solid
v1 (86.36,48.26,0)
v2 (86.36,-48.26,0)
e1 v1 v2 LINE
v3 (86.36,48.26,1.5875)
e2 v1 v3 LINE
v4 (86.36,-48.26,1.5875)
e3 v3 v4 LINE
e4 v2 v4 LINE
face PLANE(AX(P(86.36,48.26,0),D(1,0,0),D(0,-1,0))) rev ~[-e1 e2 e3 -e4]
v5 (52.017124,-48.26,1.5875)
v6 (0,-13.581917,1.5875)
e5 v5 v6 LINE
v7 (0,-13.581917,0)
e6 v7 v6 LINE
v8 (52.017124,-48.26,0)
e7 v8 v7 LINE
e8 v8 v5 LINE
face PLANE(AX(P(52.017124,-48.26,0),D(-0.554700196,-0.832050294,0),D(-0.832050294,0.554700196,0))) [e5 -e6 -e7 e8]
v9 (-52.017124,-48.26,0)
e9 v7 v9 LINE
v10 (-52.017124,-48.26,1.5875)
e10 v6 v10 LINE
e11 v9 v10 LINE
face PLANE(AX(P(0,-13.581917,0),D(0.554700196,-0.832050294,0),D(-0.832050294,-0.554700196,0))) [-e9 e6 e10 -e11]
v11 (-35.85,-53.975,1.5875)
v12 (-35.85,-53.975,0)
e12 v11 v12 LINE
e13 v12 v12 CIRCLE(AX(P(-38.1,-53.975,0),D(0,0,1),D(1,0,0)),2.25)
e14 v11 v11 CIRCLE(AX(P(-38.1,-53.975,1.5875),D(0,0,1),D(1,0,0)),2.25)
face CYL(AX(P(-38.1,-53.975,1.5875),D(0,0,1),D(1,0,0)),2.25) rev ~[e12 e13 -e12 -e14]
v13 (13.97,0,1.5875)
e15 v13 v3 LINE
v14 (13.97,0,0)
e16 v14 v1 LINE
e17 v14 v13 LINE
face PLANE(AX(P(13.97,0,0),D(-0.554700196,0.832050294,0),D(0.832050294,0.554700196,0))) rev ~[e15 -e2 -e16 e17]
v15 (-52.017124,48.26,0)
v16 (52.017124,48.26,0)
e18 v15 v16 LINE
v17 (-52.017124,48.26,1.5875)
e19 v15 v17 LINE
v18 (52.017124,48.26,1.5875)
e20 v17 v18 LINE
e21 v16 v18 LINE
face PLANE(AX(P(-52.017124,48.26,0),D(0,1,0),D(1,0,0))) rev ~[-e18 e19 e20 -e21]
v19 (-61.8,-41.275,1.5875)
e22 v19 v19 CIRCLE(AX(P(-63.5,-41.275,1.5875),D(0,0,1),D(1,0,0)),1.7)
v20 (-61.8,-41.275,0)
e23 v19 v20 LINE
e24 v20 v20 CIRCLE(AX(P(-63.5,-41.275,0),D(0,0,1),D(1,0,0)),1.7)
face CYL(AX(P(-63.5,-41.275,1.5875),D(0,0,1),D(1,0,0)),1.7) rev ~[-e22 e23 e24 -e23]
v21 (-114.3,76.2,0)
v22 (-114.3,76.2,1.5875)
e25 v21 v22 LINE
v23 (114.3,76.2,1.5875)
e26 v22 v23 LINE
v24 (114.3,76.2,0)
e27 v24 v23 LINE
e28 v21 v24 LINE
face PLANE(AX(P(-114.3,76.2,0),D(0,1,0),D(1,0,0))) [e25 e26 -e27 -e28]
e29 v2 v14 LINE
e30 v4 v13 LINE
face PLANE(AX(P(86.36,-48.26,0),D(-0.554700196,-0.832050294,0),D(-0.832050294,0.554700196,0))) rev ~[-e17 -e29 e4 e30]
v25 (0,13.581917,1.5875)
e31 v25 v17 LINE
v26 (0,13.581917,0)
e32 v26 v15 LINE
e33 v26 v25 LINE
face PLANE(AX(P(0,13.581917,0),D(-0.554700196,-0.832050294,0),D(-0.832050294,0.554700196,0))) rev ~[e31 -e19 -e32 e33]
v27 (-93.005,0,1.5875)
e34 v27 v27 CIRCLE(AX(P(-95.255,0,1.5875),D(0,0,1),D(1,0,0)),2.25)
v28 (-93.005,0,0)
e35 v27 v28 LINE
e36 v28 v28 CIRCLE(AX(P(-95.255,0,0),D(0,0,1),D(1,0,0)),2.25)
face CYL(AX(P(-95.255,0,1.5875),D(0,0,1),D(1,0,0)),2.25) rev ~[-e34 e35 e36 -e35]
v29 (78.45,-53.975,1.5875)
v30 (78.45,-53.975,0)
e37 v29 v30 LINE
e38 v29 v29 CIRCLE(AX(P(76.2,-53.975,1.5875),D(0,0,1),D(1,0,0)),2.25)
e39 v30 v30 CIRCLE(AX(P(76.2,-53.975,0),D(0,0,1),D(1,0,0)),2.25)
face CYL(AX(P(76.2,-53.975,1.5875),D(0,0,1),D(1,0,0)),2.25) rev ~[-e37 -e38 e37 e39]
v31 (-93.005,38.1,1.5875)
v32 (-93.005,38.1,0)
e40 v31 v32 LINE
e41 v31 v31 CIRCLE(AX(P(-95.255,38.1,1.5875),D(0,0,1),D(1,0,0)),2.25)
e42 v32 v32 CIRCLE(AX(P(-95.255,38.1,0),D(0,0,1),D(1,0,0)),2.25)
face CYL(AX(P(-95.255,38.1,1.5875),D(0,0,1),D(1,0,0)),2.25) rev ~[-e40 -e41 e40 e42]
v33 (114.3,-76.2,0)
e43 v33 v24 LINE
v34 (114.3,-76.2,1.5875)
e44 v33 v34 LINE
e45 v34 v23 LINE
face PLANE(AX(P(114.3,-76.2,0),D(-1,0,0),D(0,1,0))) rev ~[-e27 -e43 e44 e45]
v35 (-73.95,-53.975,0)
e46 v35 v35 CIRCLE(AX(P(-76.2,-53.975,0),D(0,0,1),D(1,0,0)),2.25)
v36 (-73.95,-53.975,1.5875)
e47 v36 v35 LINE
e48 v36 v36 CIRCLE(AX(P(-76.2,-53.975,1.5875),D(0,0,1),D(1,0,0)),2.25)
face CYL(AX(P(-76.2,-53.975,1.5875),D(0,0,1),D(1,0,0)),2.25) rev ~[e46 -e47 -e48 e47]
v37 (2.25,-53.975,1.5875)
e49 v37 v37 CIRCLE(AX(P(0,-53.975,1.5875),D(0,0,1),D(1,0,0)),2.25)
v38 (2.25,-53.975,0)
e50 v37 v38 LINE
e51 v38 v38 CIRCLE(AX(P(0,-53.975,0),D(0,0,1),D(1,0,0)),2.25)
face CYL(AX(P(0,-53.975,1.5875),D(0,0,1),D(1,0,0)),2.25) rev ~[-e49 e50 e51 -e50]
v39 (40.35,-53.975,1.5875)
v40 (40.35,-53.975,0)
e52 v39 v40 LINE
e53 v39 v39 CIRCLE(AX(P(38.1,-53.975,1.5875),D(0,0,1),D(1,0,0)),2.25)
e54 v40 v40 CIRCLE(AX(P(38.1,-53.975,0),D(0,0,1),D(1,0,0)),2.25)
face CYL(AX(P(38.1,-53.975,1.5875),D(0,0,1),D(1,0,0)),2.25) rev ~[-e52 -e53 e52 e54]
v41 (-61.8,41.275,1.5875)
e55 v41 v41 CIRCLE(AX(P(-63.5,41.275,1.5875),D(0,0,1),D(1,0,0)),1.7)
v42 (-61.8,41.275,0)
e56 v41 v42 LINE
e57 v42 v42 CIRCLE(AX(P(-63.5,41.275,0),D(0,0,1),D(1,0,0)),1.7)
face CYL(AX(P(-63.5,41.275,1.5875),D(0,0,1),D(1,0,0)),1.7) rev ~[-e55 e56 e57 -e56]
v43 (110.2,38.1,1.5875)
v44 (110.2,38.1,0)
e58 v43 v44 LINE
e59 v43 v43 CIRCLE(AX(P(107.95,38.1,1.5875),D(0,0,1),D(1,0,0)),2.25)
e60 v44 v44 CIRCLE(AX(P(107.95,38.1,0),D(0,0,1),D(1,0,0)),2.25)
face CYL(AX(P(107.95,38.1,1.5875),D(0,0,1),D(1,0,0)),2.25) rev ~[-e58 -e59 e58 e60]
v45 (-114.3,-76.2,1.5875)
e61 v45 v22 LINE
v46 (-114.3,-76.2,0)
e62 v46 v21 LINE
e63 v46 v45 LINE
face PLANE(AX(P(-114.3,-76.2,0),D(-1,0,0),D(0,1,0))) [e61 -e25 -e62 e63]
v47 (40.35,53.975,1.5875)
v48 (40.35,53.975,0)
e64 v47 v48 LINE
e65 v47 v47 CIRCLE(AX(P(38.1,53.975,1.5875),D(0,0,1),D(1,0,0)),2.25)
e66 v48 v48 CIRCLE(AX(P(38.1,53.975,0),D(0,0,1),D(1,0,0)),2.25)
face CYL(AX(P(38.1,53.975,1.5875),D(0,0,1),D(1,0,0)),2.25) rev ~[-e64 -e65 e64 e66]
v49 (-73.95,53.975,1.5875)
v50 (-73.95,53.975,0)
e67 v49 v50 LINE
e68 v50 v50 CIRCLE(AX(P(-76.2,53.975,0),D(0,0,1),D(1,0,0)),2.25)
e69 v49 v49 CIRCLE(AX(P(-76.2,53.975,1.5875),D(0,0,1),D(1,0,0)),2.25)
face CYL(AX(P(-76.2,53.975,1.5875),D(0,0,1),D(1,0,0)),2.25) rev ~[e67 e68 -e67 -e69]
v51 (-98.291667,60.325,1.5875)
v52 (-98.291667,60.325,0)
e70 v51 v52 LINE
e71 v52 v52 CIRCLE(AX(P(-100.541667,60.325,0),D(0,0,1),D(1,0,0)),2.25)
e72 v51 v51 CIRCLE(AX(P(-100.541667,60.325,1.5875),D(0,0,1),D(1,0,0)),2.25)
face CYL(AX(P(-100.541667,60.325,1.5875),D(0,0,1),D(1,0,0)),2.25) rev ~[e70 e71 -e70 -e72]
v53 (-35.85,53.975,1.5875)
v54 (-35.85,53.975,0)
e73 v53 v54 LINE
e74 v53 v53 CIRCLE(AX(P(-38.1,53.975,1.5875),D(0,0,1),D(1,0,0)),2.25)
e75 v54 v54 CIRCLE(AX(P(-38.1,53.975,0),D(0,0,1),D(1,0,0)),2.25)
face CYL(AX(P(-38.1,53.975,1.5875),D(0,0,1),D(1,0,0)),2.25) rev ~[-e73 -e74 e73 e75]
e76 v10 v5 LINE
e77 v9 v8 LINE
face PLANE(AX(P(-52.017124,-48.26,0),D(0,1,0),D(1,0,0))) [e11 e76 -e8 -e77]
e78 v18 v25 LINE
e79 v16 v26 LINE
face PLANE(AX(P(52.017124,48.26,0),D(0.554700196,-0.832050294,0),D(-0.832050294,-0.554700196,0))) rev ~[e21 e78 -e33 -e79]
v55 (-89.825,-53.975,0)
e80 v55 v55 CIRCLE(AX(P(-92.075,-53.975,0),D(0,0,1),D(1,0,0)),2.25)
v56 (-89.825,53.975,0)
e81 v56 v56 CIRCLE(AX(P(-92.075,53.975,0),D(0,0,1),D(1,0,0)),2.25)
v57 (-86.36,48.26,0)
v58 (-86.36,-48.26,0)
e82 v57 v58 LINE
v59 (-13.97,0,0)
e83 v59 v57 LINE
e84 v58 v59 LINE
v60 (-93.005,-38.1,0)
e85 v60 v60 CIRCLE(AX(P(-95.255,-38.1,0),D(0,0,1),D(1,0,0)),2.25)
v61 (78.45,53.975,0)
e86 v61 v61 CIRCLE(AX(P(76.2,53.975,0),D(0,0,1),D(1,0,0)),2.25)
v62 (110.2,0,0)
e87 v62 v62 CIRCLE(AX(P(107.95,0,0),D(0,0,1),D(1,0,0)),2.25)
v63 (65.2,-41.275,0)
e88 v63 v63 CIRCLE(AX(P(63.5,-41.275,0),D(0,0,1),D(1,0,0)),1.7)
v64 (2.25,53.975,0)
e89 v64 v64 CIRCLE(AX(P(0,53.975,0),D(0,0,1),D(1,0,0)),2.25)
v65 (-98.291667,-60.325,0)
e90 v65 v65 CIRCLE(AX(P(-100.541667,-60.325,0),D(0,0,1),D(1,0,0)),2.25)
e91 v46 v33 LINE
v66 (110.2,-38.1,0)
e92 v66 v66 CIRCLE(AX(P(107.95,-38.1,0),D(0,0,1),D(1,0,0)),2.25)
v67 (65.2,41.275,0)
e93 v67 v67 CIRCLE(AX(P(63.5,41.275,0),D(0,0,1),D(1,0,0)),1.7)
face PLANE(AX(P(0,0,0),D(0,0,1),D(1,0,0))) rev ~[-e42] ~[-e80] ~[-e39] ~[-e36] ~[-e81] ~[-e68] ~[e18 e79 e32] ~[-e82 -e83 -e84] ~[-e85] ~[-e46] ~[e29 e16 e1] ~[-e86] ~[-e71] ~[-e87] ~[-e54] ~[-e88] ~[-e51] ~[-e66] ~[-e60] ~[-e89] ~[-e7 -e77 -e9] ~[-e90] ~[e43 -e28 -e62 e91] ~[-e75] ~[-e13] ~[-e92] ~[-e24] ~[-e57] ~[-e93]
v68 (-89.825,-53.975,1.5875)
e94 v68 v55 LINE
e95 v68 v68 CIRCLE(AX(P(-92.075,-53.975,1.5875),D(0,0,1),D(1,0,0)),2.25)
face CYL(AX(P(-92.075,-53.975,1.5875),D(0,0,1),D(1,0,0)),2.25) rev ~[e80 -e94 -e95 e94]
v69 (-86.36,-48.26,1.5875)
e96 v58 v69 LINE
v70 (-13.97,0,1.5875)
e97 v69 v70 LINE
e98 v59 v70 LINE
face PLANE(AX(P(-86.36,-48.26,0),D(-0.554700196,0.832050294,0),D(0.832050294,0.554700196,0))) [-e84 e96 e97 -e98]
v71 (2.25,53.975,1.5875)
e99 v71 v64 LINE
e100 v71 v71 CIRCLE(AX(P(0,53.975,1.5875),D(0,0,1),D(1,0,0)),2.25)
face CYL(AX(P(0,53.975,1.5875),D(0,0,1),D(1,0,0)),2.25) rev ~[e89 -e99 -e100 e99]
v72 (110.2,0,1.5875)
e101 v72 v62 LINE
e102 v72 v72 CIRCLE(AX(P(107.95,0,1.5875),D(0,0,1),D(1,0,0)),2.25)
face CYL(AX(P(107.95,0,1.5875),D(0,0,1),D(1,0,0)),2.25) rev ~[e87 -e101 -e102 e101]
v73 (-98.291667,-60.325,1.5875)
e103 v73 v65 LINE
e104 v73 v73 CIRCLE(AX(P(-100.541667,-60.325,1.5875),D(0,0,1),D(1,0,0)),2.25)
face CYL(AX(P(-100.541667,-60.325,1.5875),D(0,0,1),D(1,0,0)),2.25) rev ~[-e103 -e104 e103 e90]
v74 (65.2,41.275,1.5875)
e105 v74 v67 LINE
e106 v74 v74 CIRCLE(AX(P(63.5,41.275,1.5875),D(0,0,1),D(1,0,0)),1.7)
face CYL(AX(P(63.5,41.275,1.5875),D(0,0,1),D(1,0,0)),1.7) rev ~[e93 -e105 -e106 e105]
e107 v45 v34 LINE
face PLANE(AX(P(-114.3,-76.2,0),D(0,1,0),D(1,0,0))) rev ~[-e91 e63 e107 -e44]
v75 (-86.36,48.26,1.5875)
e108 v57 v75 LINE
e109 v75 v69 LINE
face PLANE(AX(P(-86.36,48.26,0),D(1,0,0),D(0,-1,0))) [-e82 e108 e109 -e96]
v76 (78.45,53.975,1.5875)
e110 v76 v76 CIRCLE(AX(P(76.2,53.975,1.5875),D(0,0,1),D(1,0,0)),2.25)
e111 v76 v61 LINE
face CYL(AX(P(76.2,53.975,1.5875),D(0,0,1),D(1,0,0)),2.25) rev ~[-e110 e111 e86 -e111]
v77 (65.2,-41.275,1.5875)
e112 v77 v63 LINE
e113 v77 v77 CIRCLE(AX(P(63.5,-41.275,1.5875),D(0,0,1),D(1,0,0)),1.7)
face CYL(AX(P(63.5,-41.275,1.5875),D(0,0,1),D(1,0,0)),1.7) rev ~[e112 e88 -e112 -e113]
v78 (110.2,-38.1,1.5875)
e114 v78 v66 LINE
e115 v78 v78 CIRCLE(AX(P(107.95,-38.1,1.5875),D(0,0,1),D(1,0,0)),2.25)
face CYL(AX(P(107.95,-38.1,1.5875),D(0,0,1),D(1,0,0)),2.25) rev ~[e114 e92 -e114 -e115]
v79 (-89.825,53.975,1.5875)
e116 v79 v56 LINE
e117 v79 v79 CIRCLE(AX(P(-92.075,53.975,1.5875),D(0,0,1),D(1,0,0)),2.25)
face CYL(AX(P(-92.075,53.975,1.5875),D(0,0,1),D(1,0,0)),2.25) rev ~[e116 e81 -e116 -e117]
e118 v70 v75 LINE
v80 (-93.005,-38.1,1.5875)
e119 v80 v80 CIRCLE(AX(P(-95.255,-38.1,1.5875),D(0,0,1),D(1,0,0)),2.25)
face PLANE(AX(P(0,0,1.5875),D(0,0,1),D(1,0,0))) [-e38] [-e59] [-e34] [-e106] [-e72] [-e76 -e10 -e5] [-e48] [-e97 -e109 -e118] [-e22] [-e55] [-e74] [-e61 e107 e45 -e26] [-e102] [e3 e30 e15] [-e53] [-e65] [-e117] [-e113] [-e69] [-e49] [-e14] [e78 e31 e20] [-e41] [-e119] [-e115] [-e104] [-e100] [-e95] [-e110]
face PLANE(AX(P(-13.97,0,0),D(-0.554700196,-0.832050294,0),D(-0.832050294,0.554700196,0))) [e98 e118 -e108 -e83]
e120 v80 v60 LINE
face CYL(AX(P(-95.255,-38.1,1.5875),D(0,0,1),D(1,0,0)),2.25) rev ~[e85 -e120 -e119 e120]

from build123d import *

# Parameters (mm, degrees)
SKETCH1_W           = 228.6
SKETCH1_H           = 152.4
BOSS_EXTRUDE1_DEPTH = 1.5875
SKETCH2_R           = 2.25
CUT_EXTRUDE1_DEPTH  = 2.5875
SKETCH3_R           = 1.7
CUT_EXTRUDE2_DEPTH  = 2.5875


with BuildPart() as part:
    # Sketch1 → Boss-Extrude1 (new body)
    with BuildSketch(Plane.XY):
        Rectangle(SKETCH1_W, SKETCH1_H)
        Polygon((-52.017124101, 48.26), (52.017124101, 48.26), (0, 13.581917266), align=None, mode=Mode.SUBTRACT)
        Polygon((-86.36, 48.26), (-86.36, -48.26), (-13.97, 0), align=None, mode=Mode.SUBTRACT)
        Polygon((0, -13.581917266), (-52.017124101, -48.26), (52.017124101, -48.26), align=None, mode=Mode.SUBTRACT)
        Polygon((13.97, 0), (86.36, 48.26), (86.36, -48.26), align=None, mode=Mode.SUBTRACT)
    extrude(amount=BOSS_EXTRUDE1_DEPTH)

    # Sketch2 → Cut-Extrude1 (cut, through all)
    with BuildSketch(Plane.XY.offset(1.5875)):
        with Locations((-100.541666667, 60.325)):
            Circle(SKETCH2_R)
        with Locations((-92.075, 53.975)):
            Circle(SKETCH2_R)
        with Locations((-95.255, 38.1)):
            Circle(SKETCH2_R)
        with Locations((-95.255, 0)):
            Circle(SKETCH2_R)
        with Locations((-95.255, -38.1)):
            Circle(SKETCH2_R)
        with Locations((-92.075, -53.975)):
            Circle(SKETCH2_R)
        with Locations((-100.541666667, -60.325)):
            Circle(SKETCH2_R)
        with Locations((107.95, 38.1)):
            Circle(SKETCH2_R)
        with Locations((107.95, 0)):
            Circle(SKETCH2_R)
        with Locations((107.95, -38.1)):
            Circle(SKETCH2_R)
        with Locations((-76.2, 53.975)):
            Circle(SKETCH2_R)
        with Locations((-76.2, -53.975)):
            Circle(SKETCH2_R)
        with Locations((-38.1, -53.975)):
            Circle(SKETCH2_R)
        with Locations((-38.1, 53.975)):
            Circle(SKETCH2_R)
        with Locations((0, -53.975)):
            Circle(SKETCH2_R)
        with Locations((0, 53.975)):
            Circle(SKETCH2_R)
        with Locations((38.1, -53.975)):
            Circle(SKETCH2_R)
        with Locations((38.1, 53.975)):
            Circle(SKETCH2_R)
        with Locations((76.2, -53.975)):
            Circle(SKETCH2_R)
        with Locations((76.2, 53.975)):
            Circle(SKETCH2_R)
    extrude(amount=-CUT_EXTRUDE1_DEPTH, mode=Mode.SUBTRACT)

    # Sketch3 → Cut-Extrude2 (cut, through all)
    with BuildSketch(Plane.XY.offset(1.5875)):
        with Locations((-63.5, 41.275)):
            Circle(SKETCH3_R)
        with Locations((63.5, 41.275)):
            Circle(SKETCH3_R)
        with Locations((-63.5, -41.275)):
            Circle(SKETCH3_R)
        with Locations((63.5, -41.275)):
            Circle(SKETCH3_R)
    extrude(amount=-CUT_EXTRUDE2_DEPTH, mode=Mode.SUBTRACT)


solid = part.part
